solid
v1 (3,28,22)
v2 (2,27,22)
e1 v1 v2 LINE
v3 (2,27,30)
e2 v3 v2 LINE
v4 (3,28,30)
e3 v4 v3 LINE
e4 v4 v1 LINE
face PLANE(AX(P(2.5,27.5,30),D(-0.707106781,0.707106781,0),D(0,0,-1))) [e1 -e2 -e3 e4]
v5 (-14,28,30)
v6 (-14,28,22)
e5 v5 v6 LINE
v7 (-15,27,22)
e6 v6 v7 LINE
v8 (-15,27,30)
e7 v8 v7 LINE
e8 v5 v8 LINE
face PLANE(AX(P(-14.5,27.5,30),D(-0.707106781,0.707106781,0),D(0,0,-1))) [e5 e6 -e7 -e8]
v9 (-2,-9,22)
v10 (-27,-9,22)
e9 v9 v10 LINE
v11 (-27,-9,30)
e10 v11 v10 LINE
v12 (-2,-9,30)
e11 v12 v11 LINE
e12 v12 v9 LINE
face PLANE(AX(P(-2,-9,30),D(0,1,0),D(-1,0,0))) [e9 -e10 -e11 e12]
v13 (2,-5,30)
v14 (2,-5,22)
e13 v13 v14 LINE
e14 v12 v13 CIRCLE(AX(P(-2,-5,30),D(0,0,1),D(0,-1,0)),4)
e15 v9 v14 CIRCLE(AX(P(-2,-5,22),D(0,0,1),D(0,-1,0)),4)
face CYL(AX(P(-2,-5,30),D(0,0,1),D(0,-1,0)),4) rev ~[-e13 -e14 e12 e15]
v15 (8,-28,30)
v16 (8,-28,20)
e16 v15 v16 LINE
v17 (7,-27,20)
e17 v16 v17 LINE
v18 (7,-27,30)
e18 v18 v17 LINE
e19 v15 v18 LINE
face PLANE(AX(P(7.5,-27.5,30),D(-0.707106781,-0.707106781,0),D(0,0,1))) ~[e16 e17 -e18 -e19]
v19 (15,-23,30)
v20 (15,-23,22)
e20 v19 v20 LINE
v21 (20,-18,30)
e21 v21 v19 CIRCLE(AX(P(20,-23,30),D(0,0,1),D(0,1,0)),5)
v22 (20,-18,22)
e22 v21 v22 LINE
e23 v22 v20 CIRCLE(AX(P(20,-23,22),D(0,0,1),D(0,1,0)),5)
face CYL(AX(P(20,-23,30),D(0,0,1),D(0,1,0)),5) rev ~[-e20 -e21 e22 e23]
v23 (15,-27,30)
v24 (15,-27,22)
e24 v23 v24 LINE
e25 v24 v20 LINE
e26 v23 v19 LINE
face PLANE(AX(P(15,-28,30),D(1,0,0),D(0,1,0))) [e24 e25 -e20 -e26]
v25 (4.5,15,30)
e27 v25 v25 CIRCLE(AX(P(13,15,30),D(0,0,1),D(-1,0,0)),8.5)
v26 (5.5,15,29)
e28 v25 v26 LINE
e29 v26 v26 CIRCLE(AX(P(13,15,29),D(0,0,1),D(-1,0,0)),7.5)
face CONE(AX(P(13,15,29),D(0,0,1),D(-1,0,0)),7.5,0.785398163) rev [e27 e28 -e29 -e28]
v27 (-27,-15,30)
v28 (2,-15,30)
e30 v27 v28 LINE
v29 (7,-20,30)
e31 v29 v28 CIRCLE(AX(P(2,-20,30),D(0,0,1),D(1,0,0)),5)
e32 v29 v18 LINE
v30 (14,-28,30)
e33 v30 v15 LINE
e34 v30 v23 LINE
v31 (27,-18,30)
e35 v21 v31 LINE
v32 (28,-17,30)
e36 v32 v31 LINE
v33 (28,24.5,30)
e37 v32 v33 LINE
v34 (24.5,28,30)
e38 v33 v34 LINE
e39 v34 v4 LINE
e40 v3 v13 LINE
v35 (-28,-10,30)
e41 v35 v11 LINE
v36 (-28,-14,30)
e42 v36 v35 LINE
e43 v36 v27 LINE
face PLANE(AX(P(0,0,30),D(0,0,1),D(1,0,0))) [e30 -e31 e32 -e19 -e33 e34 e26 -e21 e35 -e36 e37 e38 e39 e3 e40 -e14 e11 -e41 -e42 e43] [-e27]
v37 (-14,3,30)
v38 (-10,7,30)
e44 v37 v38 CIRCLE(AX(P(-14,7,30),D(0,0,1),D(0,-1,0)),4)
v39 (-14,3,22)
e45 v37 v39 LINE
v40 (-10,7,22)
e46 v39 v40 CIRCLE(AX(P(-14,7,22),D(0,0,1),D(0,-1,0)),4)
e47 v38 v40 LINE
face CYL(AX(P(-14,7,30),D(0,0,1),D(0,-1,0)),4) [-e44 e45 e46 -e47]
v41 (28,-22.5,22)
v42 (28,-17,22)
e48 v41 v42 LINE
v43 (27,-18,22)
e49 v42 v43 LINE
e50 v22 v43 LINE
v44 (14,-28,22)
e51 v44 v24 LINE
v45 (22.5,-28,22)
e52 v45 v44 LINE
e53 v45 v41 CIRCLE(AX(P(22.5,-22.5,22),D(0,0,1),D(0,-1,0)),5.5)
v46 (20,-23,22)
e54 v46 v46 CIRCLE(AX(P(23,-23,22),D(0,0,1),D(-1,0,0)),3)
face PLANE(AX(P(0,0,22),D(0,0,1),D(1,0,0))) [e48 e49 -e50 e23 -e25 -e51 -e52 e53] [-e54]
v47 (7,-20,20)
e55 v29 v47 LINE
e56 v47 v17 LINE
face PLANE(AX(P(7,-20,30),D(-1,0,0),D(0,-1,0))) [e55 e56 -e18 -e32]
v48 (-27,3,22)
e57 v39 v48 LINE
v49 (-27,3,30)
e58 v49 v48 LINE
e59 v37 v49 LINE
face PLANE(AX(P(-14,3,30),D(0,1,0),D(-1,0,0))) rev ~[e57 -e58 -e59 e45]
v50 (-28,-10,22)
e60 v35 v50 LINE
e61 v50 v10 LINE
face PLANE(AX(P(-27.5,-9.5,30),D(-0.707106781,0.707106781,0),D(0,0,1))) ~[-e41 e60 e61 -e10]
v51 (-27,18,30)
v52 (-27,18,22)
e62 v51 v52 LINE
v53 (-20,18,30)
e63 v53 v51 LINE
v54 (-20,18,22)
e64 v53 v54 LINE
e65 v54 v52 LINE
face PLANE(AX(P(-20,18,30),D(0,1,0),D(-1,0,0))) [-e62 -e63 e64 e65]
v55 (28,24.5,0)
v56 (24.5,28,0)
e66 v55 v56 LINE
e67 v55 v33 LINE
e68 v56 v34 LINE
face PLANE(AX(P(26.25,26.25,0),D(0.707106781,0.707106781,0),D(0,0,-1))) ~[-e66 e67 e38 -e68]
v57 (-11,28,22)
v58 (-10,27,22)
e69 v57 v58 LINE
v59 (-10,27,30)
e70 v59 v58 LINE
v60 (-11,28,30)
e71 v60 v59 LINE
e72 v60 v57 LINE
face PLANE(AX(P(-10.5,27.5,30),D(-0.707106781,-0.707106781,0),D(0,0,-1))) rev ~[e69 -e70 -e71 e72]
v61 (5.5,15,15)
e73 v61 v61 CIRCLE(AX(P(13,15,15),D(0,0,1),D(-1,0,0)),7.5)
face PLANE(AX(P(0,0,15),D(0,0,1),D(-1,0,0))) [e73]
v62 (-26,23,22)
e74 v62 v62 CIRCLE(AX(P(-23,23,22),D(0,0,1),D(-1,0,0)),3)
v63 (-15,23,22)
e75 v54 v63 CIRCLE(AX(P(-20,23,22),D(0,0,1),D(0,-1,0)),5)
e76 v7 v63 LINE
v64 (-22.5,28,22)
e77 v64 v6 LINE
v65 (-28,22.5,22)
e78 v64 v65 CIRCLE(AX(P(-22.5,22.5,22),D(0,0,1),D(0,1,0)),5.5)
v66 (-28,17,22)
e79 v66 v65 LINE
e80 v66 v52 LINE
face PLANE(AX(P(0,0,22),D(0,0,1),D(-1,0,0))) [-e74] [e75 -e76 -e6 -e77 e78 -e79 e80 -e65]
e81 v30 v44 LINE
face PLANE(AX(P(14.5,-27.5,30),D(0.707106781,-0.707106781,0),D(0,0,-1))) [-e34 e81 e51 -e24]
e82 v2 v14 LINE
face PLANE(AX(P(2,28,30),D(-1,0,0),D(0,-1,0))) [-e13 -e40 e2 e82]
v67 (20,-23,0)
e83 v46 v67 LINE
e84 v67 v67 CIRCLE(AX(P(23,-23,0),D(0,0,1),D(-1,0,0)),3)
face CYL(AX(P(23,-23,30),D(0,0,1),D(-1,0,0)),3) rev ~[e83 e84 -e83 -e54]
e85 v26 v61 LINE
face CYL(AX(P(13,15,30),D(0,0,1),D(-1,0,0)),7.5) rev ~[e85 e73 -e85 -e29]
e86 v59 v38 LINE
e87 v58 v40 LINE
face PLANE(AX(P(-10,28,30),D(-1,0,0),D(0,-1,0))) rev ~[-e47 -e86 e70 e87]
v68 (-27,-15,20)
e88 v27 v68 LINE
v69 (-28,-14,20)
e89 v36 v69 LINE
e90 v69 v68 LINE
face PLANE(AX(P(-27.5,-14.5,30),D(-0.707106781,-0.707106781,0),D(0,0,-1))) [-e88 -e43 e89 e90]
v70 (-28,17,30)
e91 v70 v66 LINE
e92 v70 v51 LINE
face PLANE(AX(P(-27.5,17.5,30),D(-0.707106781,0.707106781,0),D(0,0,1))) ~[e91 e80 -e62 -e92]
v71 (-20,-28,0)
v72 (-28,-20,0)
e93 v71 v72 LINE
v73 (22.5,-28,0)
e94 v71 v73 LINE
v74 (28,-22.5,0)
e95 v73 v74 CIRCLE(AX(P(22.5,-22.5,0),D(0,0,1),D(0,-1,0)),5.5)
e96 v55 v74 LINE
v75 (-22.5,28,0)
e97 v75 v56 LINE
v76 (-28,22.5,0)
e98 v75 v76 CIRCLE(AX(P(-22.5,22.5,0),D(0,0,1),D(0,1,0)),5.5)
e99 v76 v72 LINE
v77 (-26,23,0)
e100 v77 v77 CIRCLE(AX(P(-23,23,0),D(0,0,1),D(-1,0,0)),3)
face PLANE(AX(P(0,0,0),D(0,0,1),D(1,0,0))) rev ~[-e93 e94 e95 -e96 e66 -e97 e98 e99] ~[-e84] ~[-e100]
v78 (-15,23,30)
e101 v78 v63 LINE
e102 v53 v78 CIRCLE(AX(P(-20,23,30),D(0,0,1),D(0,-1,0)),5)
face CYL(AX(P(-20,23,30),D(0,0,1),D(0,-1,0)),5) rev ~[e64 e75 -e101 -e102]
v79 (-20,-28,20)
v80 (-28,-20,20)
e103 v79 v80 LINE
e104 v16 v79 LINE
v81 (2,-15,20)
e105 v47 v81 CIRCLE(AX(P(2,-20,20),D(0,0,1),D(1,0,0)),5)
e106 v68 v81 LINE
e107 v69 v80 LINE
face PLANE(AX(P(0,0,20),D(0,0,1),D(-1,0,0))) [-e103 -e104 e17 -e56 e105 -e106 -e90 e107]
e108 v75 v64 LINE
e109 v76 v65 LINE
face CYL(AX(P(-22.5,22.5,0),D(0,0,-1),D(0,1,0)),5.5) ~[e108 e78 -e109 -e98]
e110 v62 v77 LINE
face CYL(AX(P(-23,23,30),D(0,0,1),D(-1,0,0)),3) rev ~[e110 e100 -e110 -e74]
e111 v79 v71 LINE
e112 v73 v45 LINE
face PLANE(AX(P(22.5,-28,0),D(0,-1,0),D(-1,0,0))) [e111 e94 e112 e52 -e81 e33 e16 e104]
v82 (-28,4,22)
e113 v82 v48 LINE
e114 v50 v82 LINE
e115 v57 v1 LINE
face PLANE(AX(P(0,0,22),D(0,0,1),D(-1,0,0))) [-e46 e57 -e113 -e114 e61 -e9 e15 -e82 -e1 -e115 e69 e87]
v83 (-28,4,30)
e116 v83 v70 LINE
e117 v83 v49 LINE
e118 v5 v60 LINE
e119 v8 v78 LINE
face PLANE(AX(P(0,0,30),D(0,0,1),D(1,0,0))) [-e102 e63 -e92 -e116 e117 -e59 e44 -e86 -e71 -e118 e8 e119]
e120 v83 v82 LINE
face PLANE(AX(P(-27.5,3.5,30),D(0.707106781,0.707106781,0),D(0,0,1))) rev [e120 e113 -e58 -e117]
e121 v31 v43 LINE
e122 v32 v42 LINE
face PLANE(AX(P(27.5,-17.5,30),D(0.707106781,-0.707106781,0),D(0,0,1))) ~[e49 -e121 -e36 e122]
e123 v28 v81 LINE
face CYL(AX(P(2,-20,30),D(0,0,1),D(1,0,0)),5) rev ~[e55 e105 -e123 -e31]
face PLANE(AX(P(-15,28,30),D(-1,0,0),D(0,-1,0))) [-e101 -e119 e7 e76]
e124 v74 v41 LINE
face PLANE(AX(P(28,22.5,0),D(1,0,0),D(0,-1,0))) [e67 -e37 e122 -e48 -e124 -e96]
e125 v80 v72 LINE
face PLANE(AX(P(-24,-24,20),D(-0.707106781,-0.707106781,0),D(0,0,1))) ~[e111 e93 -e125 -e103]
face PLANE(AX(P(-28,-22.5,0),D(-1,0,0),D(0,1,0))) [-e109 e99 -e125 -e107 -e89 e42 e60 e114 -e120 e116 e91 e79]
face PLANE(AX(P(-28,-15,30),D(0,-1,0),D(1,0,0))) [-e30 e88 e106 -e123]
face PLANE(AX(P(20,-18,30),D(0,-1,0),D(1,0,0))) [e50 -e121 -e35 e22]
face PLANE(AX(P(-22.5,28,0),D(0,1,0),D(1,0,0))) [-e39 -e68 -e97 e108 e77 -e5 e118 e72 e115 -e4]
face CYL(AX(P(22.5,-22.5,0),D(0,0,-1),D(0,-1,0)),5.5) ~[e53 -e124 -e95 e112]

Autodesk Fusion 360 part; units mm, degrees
sketch "Schizzo1" plane through (0, 0, 0) normal (0, 0, 1) x (1, 0, 0)
  line L0 (30, -30) -> (-30, -30)
  line L1 (-30, -30) -> (-30, 30)
  line L2 (-30, 30) -> (30, 30)
  line L3 (30, 30) -> (30, -30)
  line L4 (30, -30) -> (-30, 30) construction
  line L5 (-30, -30) -> (30, 30) construction
  line L6 (22.5, -28) -> (-22.5, -28)
  line L7 (-28, -22.5) -> (-28, 22.5)
  line L8 (-22.5, 28) -> (22.5, 28)
  line L9 (28, 22.5) -> (28, -22.5)
  arc A0 (-22.5, 28) -> (-28, 22.5) centre (-22.5, 22.5) ccw
  arc A1 (28, 22.5) -> (22.5, 28) centre (22.5, 22.5) ccw
  arc A2 (22.5, -28) -> (28, -22.5) centre (22.5, -22.5) ccw
  arc A3 (-28, -22.5) -> (-22.5, -28) centre (-22.5, -22.5) ccw
  dimension "d1" = 60
  dimension "d2" = 60
  dimension "d4" = 5.5
extrude "Estrusione1" add sketch "Schizzo1" along normal blind 30 contours L6 L7 L8 L9 A0 A1 A2 A3
sketch "Schizzo2" plane through (0, 0, 30) normal (0, 0, 1) x (-1, 0, 0)
  arc A0 (22.5, -28) -> (28, -22.5) centre (22.5, -22.5) ccw
  line L0 (28, -22.5) -> (28, 22.5)
  arc A1 (28, 22.5) -> (22.5, 28) centre (22.5, 22.5) ccw
  line L1 (22.5, 28) -> (-22.5, 28)
  arc A2 (-22.5, 28) -> (-28, 22.5) centre (-22.5, 22.5) ccw
  line L2 (-28, 22.5) -> (-28, -22.5)
  arc A3 (-28, -22.5) -> (-22.5, -28) centre (-22.5, -22.5) ccw
  line L3 (-22.5, -28) -> (22.5, -28)
  line L4 (15, -28) -> (15, -23)
  line L5 (20, -18) -> (28, -18)
  arc A4 (20, -18) -> (15, -23) centre (20, -23) ccw
  dimension "d7" = 5
  dimension "d8" = 13
  dimension "d9" = 10
extrude "Estrusione2" cut sketch "Schizzo2" against normal blind 8 contours A0 L0 L3 L4 L5 A4
pattern_circular "Serie C1" count 2 over 360 about axis through (0, 0, 1.75) along (0, 0, 1) of "Estrusione2"
sketch "Schizzo3" plane through (0, 0, 30) normal (0, 0, 1) x (-1, 0, 0)
  line L0 (-20, 18) -> (-28, 18)
  line L1 (-28, 18) -> (-28, -22.5)
  arc A0 (-28, -22.5) -> (-22.5, -28) centre (-22.5, -22.5) ccw
  line L2 (-22.5, -28) -> (15, -28)
  line L3 (15, -28) -> (15, -23)
  arc A1 (20, -18) -> (15, -23) centre (20, -23) ccw
  line L4 (20, -18) -> (28, -18)
  line L5 (28, -18) -> (28, 22.5)
  arc A2 (28, 22.5) -> (22.5, 28) centre (22.5, 22.5) ccw
  line L6 (22.5, 28) -> (-15, 28)
  line L7 (-15, 28) -> (-15, 23)
  arc A3 (-20, 18) -> (-15, 23) centre (-20, 23) ccw
  line L8 (10, -28) -> (10, -7)
  line L9 (14, -3) -> (28, -3)
  line L10 (-2, -28) -> (-2, 5)
  line L11 (2, 9) -> (28, 9)
  arc A4 (14, -3) -> (10, -7) centre (14, -7) ccw
  arc A5 (2, 9) -> (-2, 5) centre (2, 5) ccw
  circle A6 centre (-13, -15) radius 7.5
  circle A7 centre (23, -23) radius 3
  circle A8 centre (-23, 23) radius 3
  line L12 (28, 15) -> (-2, 15)
  line L13 (-7, 20) -> (-7, 28)
  arc A9 (-7, 20) -> (-2, 15) centre (-2, 20) ccw
  point P0 (-28, 18)
  dimension "d14" = 12
  dimension "d15" = 18
  dimension "d16" = 25
  dimension "d17" = 12
  dimension "d18" = 4
  dimension "d19" = 15
  dimension "d20" = 6
  dimension "d21" = 6
  dimension "d22" = 5
  dimension "d23" = 5
  dimension "d24" = 5
  dimension "d25" = 5
  dimension "d26" = 13
  dimension "d27" = 15
  dimension "d28" = 13
  dimension "d29" = 35
  dimension "d30" = 5
extrude "Estrusione3" cut sketch "Schizzo3" against normal blind 85 contours A7 | A8
extrude "Estrusione4" cut sketch "Schizzo3" against normal blind 15 contours A6
extrude "Estrusione5" cut sketch "Schizzo3" against normal blind 8 contours L2 L5 L8 L9 L10 L11 A4 A5
extrude "Estrusione6" cut sketch "Schizzo3" against normal blind 10 contours L5 A2 L6 L12 L13 A9
delete_face "EliminaFaccia1" 1 faces at (-27.845, -23.7967, 13.3333)
delete_face "EliminaFaccia2" 1 faces at (26.4805, 26.2954, 20)
chamfer "Smusso1" distance 3.5 angle 45 1 edges at (28, 28, 15)
chamfer "Smusso2" distance 8 angle 45 1 edges at (-28, -28, 10)
chamfer "Smusso3" distance 1 angle 45 10 edges at (-28, -15, 25) (-28, -9, 26) (-28, 3, 26) (-28, 18, 26) (-15, 28, 26) (-10, 28, 26) (2, 28, 26) (15, -28, 26) (28, -18, 26) (7, -28, 25)
chamfer "Smusso6" distance 1 angle 45 1 edges at (19.9925, 12.2879, 30)
